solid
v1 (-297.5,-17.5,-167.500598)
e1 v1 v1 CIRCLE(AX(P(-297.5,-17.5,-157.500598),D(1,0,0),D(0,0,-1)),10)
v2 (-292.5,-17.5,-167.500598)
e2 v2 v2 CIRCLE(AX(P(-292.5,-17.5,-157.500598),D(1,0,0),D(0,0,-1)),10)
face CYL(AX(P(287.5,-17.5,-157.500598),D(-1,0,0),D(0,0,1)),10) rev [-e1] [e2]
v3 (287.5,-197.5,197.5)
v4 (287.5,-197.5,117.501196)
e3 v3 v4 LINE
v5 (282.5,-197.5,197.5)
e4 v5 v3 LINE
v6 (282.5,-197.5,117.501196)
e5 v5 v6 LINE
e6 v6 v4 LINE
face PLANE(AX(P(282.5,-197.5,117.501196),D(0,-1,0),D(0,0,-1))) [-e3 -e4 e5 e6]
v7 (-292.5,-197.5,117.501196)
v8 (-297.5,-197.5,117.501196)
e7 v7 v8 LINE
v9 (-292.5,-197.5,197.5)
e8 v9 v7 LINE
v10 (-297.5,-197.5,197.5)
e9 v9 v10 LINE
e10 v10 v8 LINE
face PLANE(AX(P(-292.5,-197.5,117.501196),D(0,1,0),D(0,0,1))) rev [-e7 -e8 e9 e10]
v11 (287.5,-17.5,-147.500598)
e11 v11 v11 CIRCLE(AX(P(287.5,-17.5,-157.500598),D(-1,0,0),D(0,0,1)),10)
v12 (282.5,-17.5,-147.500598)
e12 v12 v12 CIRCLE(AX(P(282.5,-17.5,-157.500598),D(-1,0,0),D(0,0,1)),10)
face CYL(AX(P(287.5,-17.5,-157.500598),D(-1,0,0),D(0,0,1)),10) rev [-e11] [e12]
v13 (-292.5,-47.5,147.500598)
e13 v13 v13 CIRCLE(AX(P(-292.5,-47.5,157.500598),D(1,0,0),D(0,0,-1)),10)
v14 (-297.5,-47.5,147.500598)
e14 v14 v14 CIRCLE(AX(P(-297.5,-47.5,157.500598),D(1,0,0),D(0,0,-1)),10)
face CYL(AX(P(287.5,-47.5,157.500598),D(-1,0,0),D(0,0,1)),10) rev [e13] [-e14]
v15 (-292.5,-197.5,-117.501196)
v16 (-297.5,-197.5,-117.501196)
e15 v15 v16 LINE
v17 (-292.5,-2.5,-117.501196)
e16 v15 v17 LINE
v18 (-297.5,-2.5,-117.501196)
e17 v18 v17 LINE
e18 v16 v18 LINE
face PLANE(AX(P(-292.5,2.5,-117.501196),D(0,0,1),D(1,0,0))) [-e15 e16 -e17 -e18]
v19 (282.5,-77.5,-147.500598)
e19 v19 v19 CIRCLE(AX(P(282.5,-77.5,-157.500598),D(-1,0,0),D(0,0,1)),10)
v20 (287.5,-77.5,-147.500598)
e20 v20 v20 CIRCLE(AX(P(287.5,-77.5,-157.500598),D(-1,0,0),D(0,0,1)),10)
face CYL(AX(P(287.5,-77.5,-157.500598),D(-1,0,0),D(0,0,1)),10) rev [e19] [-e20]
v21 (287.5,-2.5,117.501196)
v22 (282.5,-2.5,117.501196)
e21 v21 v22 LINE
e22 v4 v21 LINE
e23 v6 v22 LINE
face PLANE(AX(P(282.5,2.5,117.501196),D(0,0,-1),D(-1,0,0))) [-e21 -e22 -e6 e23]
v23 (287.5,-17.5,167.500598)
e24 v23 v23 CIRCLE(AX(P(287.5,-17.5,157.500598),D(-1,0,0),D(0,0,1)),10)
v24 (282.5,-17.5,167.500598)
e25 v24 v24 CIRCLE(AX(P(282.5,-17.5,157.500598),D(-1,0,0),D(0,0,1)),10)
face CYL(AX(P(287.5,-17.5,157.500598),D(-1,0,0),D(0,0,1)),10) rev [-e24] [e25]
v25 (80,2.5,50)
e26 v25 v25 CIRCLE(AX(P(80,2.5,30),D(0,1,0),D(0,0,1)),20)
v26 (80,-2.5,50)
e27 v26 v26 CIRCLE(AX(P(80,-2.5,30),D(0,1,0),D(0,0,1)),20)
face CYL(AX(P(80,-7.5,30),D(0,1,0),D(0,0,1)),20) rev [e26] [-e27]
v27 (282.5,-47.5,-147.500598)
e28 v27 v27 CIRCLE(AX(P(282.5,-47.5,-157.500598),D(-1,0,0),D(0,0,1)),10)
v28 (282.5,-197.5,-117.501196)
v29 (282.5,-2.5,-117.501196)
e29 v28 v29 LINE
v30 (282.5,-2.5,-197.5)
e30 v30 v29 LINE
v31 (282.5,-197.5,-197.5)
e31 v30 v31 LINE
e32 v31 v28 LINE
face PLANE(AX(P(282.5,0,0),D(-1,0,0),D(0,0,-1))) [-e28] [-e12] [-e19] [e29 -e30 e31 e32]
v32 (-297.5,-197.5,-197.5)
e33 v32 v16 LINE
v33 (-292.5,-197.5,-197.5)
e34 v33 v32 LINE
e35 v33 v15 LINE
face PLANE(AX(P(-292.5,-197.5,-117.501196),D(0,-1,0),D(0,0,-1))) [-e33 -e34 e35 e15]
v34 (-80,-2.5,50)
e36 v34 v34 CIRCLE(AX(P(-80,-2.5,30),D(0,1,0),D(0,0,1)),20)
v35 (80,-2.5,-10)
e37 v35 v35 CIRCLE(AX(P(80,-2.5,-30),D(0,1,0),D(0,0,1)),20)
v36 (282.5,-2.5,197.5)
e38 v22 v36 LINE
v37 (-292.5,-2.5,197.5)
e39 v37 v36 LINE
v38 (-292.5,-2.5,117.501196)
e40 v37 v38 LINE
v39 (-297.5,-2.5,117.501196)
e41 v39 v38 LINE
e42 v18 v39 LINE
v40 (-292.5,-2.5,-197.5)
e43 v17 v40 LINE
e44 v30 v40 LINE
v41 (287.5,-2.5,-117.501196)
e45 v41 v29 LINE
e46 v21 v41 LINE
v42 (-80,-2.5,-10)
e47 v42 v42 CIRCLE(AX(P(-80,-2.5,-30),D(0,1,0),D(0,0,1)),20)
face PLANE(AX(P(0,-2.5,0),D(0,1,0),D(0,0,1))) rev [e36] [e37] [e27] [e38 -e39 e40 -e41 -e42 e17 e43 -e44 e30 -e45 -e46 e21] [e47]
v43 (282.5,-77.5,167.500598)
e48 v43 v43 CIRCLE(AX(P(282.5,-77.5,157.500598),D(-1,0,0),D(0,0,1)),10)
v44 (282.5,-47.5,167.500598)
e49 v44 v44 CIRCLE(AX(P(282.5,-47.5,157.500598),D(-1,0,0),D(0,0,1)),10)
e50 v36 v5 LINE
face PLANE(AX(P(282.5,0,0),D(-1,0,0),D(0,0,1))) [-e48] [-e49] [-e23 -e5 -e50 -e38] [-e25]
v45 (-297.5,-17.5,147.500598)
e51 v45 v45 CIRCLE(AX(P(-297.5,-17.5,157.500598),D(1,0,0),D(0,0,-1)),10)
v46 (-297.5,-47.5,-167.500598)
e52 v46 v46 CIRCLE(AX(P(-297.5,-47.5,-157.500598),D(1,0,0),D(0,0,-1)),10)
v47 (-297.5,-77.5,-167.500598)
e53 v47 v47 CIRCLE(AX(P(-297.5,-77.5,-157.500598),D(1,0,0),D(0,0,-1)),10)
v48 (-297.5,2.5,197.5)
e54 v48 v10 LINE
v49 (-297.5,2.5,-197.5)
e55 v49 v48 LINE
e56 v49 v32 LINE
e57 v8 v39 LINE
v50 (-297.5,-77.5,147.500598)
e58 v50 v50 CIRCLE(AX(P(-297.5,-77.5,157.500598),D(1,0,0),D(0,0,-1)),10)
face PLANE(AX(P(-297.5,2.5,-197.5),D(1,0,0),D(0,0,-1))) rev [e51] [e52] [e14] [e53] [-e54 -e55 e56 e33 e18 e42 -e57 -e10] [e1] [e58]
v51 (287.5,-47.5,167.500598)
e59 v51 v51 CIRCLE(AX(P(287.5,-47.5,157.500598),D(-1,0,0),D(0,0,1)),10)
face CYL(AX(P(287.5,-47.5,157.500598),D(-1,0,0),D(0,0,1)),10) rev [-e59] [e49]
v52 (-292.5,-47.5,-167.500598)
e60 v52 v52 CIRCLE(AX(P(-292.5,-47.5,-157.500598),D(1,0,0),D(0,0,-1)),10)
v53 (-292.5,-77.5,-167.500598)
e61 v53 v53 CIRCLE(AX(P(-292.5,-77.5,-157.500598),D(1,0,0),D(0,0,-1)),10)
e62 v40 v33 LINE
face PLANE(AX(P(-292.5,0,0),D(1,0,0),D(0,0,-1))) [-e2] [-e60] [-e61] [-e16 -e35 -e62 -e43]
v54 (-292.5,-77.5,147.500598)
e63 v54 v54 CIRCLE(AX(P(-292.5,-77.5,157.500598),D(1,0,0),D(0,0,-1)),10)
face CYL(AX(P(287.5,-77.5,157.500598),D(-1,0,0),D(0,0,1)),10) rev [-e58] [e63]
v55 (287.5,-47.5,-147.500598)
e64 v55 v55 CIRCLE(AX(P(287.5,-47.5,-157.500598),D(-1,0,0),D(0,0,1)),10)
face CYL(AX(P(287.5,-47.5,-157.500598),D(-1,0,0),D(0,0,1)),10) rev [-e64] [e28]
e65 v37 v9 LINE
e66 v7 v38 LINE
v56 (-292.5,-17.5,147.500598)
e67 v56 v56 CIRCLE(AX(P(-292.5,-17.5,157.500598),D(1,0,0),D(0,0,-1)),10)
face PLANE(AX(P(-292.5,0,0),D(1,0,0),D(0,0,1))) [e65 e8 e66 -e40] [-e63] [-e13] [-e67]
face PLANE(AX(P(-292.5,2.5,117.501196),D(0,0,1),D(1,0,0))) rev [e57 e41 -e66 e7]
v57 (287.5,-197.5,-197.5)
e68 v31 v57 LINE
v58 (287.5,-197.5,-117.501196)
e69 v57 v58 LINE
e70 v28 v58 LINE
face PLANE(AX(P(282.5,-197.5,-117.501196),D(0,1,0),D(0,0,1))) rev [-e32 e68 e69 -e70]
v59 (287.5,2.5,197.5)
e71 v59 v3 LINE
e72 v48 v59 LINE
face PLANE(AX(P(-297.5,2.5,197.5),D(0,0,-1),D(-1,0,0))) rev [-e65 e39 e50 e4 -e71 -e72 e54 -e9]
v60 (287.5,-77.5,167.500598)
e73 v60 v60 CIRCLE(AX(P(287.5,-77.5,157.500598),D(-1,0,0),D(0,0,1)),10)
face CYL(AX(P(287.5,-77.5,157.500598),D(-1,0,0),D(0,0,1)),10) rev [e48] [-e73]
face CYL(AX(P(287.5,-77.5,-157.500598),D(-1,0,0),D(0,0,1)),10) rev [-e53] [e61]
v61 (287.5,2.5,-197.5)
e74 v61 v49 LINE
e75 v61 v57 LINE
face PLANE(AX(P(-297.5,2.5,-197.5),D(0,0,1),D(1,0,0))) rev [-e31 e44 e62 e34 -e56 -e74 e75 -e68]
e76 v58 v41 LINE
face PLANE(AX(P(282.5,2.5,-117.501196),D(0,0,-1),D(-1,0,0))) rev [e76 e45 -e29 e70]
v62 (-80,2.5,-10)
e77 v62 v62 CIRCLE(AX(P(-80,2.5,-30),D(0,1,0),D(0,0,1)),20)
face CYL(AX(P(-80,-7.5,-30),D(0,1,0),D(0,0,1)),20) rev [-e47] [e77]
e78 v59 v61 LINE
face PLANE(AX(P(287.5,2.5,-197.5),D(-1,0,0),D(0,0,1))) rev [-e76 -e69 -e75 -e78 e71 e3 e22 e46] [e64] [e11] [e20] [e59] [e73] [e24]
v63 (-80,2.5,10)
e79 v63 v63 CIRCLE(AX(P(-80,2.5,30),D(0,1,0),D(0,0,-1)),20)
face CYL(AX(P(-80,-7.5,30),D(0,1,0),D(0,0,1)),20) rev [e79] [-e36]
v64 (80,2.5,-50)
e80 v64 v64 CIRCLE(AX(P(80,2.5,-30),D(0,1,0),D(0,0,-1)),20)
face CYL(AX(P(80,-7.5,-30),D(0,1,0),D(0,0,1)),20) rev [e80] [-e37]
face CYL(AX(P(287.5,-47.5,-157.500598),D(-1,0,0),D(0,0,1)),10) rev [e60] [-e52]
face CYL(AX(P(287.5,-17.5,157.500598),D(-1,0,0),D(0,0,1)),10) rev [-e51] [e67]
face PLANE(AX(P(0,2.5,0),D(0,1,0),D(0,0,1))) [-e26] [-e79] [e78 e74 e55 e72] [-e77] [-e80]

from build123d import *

# Parameters (mm, degrees)
SKETCH1_W               = 585
SKETCH1_H               = 395
SKETCH1_W_2             = 425
SKETCH1_H_2             = 235
BOSS_EXTRUDE1_DEPTH     = 2.5
SKETCH2_W               = 79.998803747
SKETCH2_H               = 200
BOSS_EXTRUDE2_DEPTH     = 5
MIRROR5_COPY_1_SKETCH_W = 79.998803747
MIRROR5_COPY_1_SKETCH_H = 200
MIRROR5_COPY_1_DEPTH    = 5
CUT_EXTRUDE2_DEPTH      = 649.257279172
CUT_EXTRUDE2_DEPTH_BACK = 649.257279172
SKETCH5_R               = 10
SKETCH7_W               = 425
SKETCH7_H               = 235
BOSS_EXTRUDE4_DEPTH     = 5
SKETCH8_R               = 20
CUT_EXTRUDE3_DEPTH      = 10


with BuildPart() as part:
    # Sketch1 → Boss-Extrude1 (new, symmetric)
    with BuildSketch(Plane(origin=(0, 0, 0), x_dir=(1, 0, 0), z_dir=(0, 1, 0))):
        with Locations((-5, 0)):
            Rectangle(SKETCH1_W, SKETCH1_H)
        with Locations((-5, 0)):
            Rectangle(SKETCH1_W_2, SKETCH1_H_2, mode=Mode.SUBTRACT)
    extrude(amount=BOSS_EXTRUDE1_DEPTH, both=True)

    # Sketch2 → Boss-Extrude2 (add)
    with BuildSketch(Plane.ZY.offset(297.5)):
        with Locations((-157.500598126, -97.5)):
            Rectangle(SKETCH2_W, SKETCH2_H)
    boss_extrude2 = extrude(amount=-BOSS_EXTRUDE2_DEPTH)

    # Mirror1: Boss-Extrude2 across plane
    add(boss_extrude2.mirror(Plane.XY))

    # Mirror5: Boss-Extrude2 across plane
    add(boss_extrude2.mirror(Plane(origin=(-5, 0, 0), x_dir=(0, 0, 1), z_dir=(1, 0, 0))))

    # Mirror5 copy 1 sketch → Mirror5 copy 1 (add)
    with BuildSketch(Plane(origin=(287.5, 0, 0), x_dir=(0, 0, -1), z_dir=(1, 0, 0))):
        with Locations((-157.500598126, -97.5)):
            Rectangle(MIRROR5_COPY_1_SKETCH_W, MIRROR5_COPY_1_SKETCH_H)
    extrude(amount=-MIRROR5_COPY_1_DEPTH)

    # Sketch5 → Cut-Extrude2 (cut, two sides: drawn at the far end of the back side and taken through both)
    with BuildSketch(Plane.ZY.offset(297.5).offset(-CUT_EXTRUDE2_DEPTH_BACK)):
        with Locations((-157.500598127, -17.5)):
            Circle(SKETCH5_R)
        with Locations((-157.500598127, -47.5)):
            Circle(SKETCH5_R)
        with Locations((-157.500598127, -77.5)):
            Circle(SKETCH5_R)
        with Locations((157.500598127, -17.5)):
            Circle(SKETCH5_R)
        with Locations((157.500598127, -47.5)):
            Circle(SKETCH5_R)
        with Locations((157.500598127, -77.5)):
            Circle(SKETCH5_R)
    extrude(amount=CUT_EXTRUDE2_DEPTH + CUT_EXTRUDE2_DEPTH_BACK, mode=Mode.SUBTRACT)

    # Sketch7 → Boss-Extrude4 (add)
    with BuildSketch(Plane(origin=(0, 2.5, 0), x_dir=(1, 0, 0), z_dir=(0, 1, 0))):
        with Locations((-5, 0)):
            Rectangle(SKETCH7_W, SKETCH7_H)
    extrude(amount=-BOSS_EXTRUDE4_DEPTH)

    # Sketch8 → Cut-Extrude3 (cut)
    with BuildSketch(Plane(origin=(0, 2.5, 0), x_dir=(1, 0, 0), z_dir=(0, 1, 0))):
        with Locations(Location((-80, 30, 0), (0, 0, 270))):
            Circle(SKETCH8_R)
        with Locations(Location((80, 30, 0), (0, 0, 270))):
            Circle(SKETCH8_R)
        with Locations(Location((80, -30, 0), (0, 0, 270))):
            Circle(SKETCH8_R)
        with Locations(Location((-80, -30, 0), (0, 0, 270))):
            Circle(SKETCH8_R)
    extrude(amount=-CUT_EXTRUDE3_DEPTH, mode=Mode.SUBTRACT)


solid = part.part
